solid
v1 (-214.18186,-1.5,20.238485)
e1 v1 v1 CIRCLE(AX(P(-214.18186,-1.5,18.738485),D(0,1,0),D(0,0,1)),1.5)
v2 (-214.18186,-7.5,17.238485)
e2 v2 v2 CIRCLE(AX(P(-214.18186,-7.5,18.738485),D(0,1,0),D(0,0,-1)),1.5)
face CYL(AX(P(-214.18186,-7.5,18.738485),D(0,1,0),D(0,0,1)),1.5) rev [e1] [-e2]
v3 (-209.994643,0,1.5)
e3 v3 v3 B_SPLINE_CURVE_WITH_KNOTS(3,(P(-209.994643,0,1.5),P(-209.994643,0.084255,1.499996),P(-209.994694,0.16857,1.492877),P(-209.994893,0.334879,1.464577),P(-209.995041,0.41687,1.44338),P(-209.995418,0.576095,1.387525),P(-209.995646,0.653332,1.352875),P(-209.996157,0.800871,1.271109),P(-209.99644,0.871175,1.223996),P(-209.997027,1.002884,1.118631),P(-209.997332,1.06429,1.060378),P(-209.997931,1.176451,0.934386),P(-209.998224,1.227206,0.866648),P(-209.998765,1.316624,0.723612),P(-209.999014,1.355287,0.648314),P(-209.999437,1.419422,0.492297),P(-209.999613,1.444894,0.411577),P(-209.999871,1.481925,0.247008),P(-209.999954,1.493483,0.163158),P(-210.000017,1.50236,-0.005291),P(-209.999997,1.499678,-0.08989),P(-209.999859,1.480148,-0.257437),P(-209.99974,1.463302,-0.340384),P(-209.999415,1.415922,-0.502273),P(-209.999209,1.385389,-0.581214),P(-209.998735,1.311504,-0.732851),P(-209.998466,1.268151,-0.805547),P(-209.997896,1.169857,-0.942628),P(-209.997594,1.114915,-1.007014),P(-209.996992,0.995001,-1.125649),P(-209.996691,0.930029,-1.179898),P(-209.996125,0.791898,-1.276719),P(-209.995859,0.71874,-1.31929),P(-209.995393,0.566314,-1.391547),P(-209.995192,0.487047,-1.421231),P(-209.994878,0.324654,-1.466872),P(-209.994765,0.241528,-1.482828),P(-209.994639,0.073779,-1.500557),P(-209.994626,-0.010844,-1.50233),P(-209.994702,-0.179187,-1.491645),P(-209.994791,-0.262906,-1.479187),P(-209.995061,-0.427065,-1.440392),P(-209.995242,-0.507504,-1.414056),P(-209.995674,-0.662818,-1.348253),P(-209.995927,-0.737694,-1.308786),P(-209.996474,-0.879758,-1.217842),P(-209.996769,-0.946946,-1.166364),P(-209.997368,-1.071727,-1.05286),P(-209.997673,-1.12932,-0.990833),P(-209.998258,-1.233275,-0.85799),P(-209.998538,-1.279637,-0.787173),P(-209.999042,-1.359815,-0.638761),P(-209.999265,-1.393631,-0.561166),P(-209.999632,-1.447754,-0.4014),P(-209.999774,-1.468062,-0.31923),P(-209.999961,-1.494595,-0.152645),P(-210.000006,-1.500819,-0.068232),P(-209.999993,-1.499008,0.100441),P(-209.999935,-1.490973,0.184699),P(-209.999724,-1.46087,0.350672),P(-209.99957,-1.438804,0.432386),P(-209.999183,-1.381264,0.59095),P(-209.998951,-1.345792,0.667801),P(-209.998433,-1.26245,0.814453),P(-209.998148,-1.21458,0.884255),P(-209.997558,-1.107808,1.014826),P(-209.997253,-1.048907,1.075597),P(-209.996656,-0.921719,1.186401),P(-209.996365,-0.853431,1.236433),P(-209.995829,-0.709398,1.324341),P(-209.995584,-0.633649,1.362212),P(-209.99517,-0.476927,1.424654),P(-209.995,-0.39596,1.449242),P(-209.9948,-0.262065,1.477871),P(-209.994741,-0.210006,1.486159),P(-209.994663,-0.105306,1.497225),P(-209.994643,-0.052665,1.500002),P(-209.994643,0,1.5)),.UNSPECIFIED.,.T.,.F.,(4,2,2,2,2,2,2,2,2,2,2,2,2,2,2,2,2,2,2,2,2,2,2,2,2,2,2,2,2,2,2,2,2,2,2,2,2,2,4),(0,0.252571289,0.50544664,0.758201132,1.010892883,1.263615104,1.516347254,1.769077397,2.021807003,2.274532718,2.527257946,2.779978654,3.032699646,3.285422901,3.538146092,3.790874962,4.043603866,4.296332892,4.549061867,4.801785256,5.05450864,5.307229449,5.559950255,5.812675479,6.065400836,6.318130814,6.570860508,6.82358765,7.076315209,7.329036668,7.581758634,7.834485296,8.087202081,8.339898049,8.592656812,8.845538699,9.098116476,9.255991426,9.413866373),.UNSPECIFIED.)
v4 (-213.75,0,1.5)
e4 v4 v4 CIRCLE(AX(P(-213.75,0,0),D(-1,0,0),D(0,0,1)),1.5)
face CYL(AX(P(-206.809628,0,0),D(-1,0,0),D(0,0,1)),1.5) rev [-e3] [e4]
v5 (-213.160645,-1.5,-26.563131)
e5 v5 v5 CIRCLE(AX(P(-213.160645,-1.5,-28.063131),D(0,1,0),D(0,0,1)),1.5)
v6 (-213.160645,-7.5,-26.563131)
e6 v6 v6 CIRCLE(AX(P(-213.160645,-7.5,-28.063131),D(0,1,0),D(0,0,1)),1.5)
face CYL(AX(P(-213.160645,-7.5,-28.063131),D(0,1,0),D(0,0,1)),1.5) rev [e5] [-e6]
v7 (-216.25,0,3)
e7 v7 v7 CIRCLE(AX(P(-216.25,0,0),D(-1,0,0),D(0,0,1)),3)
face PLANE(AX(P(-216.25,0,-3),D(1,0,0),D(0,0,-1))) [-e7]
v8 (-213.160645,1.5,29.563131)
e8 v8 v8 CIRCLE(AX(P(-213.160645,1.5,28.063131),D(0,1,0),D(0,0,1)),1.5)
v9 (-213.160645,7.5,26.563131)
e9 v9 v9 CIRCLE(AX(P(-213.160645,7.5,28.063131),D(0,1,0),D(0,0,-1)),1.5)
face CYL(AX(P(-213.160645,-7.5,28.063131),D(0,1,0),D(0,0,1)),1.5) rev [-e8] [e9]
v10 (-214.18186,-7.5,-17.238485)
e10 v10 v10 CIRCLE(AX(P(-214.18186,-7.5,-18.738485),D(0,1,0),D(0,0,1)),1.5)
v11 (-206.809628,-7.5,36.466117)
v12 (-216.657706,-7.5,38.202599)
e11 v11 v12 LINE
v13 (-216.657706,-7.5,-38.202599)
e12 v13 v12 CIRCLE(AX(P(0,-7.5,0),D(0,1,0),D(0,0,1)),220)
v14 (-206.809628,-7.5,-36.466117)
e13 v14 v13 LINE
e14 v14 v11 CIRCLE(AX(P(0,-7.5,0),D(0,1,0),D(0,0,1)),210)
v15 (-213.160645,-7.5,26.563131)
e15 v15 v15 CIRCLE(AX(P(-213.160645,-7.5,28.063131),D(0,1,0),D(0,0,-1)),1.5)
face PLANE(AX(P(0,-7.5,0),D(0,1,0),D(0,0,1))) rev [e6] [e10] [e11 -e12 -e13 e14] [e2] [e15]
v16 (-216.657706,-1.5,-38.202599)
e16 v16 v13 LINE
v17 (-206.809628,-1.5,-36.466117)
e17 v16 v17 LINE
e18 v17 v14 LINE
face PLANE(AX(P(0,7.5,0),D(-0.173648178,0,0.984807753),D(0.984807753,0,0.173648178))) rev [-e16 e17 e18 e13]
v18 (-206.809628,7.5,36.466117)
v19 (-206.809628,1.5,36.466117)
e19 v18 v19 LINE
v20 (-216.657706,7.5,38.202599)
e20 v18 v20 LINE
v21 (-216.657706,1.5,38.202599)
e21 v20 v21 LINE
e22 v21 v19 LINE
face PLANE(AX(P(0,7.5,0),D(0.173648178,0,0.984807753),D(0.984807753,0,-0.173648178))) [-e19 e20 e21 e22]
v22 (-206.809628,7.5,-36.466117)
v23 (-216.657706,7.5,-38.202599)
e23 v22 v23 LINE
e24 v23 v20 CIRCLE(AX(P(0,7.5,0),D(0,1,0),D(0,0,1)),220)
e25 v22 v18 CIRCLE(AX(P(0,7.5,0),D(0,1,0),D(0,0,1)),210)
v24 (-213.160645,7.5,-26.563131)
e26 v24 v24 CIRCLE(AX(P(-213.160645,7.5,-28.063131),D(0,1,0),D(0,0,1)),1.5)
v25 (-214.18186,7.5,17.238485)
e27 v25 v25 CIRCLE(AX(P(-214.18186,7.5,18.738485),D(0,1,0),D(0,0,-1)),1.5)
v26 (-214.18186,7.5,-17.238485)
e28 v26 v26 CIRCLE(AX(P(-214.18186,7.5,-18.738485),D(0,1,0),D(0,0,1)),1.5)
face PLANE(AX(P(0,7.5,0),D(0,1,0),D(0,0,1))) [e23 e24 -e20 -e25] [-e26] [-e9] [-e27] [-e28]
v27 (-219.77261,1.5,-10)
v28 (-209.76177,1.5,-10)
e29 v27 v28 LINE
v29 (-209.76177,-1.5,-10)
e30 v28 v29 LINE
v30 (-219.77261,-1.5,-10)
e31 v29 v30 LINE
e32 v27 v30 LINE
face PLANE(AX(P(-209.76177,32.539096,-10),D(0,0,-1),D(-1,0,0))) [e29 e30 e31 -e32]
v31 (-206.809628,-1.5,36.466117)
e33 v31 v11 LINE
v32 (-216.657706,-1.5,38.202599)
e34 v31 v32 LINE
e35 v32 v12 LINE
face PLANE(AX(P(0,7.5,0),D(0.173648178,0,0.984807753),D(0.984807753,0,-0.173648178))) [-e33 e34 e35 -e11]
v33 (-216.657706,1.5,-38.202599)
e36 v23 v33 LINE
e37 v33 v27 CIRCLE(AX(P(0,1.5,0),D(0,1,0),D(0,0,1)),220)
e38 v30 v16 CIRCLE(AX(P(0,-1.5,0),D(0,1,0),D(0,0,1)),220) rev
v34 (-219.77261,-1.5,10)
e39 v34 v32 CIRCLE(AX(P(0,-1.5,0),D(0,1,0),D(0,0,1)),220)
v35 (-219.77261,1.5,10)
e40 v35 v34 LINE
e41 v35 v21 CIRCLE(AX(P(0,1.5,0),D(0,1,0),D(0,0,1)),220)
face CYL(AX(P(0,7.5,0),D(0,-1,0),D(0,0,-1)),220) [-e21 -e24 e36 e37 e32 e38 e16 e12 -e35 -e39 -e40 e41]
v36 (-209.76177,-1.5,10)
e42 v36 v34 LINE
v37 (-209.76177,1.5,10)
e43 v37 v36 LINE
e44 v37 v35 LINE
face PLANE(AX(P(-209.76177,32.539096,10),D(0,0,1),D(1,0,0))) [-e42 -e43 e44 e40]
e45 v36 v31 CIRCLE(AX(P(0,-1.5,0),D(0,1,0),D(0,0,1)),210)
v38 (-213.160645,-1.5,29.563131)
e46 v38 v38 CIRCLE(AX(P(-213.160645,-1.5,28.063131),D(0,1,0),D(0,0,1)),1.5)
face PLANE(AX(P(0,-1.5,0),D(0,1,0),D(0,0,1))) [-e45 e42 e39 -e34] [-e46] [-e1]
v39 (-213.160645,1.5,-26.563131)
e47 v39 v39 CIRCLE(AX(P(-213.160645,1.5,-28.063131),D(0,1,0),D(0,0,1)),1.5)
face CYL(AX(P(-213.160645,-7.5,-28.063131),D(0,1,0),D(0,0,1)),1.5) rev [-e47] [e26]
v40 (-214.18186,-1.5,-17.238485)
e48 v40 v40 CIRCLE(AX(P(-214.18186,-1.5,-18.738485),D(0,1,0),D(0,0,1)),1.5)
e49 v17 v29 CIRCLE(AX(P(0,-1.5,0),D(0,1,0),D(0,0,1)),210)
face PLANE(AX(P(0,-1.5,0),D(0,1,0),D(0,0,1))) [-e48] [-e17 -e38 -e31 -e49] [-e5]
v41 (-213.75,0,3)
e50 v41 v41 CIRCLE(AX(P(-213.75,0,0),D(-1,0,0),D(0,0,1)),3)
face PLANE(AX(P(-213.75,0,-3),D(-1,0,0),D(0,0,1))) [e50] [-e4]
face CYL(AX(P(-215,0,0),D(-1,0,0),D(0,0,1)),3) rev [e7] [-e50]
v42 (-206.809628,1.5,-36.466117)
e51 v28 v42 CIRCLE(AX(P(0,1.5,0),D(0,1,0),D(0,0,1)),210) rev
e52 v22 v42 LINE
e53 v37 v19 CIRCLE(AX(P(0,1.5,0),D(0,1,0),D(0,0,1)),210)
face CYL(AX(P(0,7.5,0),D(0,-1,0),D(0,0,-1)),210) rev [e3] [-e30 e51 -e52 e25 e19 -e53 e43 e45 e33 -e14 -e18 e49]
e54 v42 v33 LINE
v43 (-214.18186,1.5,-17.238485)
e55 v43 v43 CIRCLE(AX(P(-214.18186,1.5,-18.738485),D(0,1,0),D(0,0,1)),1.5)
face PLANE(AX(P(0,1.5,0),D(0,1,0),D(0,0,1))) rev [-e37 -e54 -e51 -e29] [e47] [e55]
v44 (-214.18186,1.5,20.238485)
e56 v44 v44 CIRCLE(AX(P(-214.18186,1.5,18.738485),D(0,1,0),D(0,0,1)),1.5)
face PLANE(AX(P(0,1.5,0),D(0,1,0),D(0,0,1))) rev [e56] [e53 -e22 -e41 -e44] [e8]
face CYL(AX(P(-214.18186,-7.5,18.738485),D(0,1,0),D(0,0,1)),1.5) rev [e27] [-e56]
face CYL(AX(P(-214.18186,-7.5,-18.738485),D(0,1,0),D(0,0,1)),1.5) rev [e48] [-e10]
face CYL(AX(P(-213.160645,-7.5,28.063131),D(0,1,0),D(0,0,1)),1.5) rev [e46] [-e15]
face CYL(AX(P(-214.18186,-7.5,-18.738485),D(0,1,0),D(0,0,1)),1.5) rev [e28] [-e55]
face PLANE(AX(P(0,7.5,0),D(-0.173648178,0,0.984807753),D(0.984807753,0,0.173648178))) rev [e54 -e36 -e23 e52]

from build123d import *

# Parameters (mm, degrees)
BASE2_DEPTH            = 7.5
MOUNT2_START           = -1.5
MOUNT2_DEPTH           = 3
MOUNT_HOLE2_DEPTH      = 224.418192135
MOUNT_HOLE2_DEPTH_BACK = 224.418192135
SKETCH16_R             = 1.5
SKETCH17_R             = 1.5
SHAFT_HOLE_DEPTH       = 40.784051683
SKETCH18_W             = 2.5
SKETCH18_H             = 3


with BuildPart() as part:
    # Sketch13 → base2 (new, symmetric)
    with BuildSketch(Plane(origin=(0, 0, 0), x_dir=(1, 0, 0), z_dir=(0, 1, 0))):
        with BuildLine():
            ThreePointArc((-209.761769634, 10), (-208.70564487, 23.279901188), (-206.809628133, 36.46611731))
            Line((-206.809628133, 36.46611731), (-216.657705663, 38.202599087))
            ThreePointArc((-216.657705663, 38.202599087), (-218.670303662, 24.151569236), (-219.772609758, 10))
            Line((-219.772609758, 10), (-209.761769634, 10))
        make_face()
        with BuildLine():
            ThreePointArc((-209.761769634, -10), (-210, 0), (-209.761769634, 10))
            Line((-209.761769634, 10), (-219.772609758, 10))
            ThreePointArc((-219.772609758, 10), (-220, 0), (-219.772609758, -10))
            Line((-219.772609758, -10), (-209.761769634, -10))
        make_face()
        with BuildLine():
            Line((-216.657705663, -38.202599087), (-206.809628133, -36.46611731))
            ThreePointArc((-206.809628133, -36.46611731), (-208.70564487, -23.279901188), (-209.761769634, -10))
            Line((-209.761769634, -10), (-219.772609758, -10))
            ThreePointArc((-219.772609758, -10), (-218.670303662, -24.151569236), (-216.657705663, -38.202599087))
        make_face()
    extrude(amount=BASE2_DEPTH, both=True)

    # Sketch14 → mount2 (cut)
    with BuildSketch(Plane(origin=(0, 0, 0), x_dir=(1, 0, 0), z_dir=(0, 1, 0)).offset(MOUNT2_START)):
        with BuildLine():
            Line((-209.761769634, -10), (-219.772609758, -10))
            ThreePointArc((-219.772609758, -10), (-218.670303662, -24.151569236), (-216.657705663, -38.202599087))
            Line((-216.657705663, -38.202599087), (-206.809628133, -36.46611731))
            ThreePointArc((-206.809628133, -36.46611731), (-208.70564487, -23.279901188), (-209.761769634, -10))
        make_face()
        with BuildLine():
            Line((-209.761769634, 10), (-219.772609758, 10))
            ThreePointArc((-219.772609758, 10), (-218.670303662, 24.151569236), (-216.657705663, 38.202599087))
            Line((-216.657705663, 38.202599087), (-206.809628133, 36.46611731))
            ThreePointArc((-206.809628133, 36.46611731), (-208.70564487, 23.279901188), (-209.761769634, 10))
        make_face()
    extrude(amount=MOUNT2_DEPTH, mode=Mode.SUBTRACT)

    # Sketch16 → mount hole2 (cut, two sides: drawn at the far end of the back side and taken through both)
    with BuildSketch(Plane(origin=(0, 0, 0), x_dir=(1, 0, 0), z_dir=(0, 1, 0)).offset(-MOUNT_HOLE2_DEPTH_BACK)):
        with Locations(Location((-213.160645195, 28.063131327, 0), (0, 0, 270))):
            Circle(SKETCH16_R)
        with Locations(Location((-214.18186009, 18.738484691, 0), (0, 0, 270))):
            Circle(SKETCH16_R)
        with Locations(Location((-214.18186009, -18.738484691, 0), (0, 0, 270))):
            Circle(SKETCH16_R)
        with Locations(Location((-213.160645195, -28.063131327, 0), (0, 0, 270))):
            Circle(SKETCH16_R)
    extrude(amount=MOUNT_HOLE2_DEPTH + MOUNT_HOLE2_DEPTH_BACK, mode=Mode.SUBTRACT)

    # Sketch17 → shaft hole (cut, through all)
    with BuildSketch(Plane(origin=(-215, 0, 0), x_dir=(0, 0, -1), z_dir=(1, 0, 0))):
        with Locations(Location((0, 0, 0), (0, 0, 180))):
            Circle(SKETCH17_R)
    extrude(amount=SHAFT_HOLE_DEPTH, mode=Mode.SUBTRACT)

    # Sketch18 → Cut-Revolve1 (revolve, cut)
    with BuildSketch(Plane(origin=(0, 0, 0), x_dir=(1, 0, 0), z_dir=(0, 1, 0)), mode=Mode.PRIVATE) as cut_revolve1_sk:
        with Locations((-215, 1.5)):
            Rectangle(SKETCH18_W, SKETCH18_H)
    revolve(cut_revolve1_sk.sketch.rotate(Axis((-215, 0, 0), (1, 0, 0)), 180), axis=Axis((-215, 0, 0), (1, 0, 0)), mode=Mode.SUBTRACT)


solid = part.part
